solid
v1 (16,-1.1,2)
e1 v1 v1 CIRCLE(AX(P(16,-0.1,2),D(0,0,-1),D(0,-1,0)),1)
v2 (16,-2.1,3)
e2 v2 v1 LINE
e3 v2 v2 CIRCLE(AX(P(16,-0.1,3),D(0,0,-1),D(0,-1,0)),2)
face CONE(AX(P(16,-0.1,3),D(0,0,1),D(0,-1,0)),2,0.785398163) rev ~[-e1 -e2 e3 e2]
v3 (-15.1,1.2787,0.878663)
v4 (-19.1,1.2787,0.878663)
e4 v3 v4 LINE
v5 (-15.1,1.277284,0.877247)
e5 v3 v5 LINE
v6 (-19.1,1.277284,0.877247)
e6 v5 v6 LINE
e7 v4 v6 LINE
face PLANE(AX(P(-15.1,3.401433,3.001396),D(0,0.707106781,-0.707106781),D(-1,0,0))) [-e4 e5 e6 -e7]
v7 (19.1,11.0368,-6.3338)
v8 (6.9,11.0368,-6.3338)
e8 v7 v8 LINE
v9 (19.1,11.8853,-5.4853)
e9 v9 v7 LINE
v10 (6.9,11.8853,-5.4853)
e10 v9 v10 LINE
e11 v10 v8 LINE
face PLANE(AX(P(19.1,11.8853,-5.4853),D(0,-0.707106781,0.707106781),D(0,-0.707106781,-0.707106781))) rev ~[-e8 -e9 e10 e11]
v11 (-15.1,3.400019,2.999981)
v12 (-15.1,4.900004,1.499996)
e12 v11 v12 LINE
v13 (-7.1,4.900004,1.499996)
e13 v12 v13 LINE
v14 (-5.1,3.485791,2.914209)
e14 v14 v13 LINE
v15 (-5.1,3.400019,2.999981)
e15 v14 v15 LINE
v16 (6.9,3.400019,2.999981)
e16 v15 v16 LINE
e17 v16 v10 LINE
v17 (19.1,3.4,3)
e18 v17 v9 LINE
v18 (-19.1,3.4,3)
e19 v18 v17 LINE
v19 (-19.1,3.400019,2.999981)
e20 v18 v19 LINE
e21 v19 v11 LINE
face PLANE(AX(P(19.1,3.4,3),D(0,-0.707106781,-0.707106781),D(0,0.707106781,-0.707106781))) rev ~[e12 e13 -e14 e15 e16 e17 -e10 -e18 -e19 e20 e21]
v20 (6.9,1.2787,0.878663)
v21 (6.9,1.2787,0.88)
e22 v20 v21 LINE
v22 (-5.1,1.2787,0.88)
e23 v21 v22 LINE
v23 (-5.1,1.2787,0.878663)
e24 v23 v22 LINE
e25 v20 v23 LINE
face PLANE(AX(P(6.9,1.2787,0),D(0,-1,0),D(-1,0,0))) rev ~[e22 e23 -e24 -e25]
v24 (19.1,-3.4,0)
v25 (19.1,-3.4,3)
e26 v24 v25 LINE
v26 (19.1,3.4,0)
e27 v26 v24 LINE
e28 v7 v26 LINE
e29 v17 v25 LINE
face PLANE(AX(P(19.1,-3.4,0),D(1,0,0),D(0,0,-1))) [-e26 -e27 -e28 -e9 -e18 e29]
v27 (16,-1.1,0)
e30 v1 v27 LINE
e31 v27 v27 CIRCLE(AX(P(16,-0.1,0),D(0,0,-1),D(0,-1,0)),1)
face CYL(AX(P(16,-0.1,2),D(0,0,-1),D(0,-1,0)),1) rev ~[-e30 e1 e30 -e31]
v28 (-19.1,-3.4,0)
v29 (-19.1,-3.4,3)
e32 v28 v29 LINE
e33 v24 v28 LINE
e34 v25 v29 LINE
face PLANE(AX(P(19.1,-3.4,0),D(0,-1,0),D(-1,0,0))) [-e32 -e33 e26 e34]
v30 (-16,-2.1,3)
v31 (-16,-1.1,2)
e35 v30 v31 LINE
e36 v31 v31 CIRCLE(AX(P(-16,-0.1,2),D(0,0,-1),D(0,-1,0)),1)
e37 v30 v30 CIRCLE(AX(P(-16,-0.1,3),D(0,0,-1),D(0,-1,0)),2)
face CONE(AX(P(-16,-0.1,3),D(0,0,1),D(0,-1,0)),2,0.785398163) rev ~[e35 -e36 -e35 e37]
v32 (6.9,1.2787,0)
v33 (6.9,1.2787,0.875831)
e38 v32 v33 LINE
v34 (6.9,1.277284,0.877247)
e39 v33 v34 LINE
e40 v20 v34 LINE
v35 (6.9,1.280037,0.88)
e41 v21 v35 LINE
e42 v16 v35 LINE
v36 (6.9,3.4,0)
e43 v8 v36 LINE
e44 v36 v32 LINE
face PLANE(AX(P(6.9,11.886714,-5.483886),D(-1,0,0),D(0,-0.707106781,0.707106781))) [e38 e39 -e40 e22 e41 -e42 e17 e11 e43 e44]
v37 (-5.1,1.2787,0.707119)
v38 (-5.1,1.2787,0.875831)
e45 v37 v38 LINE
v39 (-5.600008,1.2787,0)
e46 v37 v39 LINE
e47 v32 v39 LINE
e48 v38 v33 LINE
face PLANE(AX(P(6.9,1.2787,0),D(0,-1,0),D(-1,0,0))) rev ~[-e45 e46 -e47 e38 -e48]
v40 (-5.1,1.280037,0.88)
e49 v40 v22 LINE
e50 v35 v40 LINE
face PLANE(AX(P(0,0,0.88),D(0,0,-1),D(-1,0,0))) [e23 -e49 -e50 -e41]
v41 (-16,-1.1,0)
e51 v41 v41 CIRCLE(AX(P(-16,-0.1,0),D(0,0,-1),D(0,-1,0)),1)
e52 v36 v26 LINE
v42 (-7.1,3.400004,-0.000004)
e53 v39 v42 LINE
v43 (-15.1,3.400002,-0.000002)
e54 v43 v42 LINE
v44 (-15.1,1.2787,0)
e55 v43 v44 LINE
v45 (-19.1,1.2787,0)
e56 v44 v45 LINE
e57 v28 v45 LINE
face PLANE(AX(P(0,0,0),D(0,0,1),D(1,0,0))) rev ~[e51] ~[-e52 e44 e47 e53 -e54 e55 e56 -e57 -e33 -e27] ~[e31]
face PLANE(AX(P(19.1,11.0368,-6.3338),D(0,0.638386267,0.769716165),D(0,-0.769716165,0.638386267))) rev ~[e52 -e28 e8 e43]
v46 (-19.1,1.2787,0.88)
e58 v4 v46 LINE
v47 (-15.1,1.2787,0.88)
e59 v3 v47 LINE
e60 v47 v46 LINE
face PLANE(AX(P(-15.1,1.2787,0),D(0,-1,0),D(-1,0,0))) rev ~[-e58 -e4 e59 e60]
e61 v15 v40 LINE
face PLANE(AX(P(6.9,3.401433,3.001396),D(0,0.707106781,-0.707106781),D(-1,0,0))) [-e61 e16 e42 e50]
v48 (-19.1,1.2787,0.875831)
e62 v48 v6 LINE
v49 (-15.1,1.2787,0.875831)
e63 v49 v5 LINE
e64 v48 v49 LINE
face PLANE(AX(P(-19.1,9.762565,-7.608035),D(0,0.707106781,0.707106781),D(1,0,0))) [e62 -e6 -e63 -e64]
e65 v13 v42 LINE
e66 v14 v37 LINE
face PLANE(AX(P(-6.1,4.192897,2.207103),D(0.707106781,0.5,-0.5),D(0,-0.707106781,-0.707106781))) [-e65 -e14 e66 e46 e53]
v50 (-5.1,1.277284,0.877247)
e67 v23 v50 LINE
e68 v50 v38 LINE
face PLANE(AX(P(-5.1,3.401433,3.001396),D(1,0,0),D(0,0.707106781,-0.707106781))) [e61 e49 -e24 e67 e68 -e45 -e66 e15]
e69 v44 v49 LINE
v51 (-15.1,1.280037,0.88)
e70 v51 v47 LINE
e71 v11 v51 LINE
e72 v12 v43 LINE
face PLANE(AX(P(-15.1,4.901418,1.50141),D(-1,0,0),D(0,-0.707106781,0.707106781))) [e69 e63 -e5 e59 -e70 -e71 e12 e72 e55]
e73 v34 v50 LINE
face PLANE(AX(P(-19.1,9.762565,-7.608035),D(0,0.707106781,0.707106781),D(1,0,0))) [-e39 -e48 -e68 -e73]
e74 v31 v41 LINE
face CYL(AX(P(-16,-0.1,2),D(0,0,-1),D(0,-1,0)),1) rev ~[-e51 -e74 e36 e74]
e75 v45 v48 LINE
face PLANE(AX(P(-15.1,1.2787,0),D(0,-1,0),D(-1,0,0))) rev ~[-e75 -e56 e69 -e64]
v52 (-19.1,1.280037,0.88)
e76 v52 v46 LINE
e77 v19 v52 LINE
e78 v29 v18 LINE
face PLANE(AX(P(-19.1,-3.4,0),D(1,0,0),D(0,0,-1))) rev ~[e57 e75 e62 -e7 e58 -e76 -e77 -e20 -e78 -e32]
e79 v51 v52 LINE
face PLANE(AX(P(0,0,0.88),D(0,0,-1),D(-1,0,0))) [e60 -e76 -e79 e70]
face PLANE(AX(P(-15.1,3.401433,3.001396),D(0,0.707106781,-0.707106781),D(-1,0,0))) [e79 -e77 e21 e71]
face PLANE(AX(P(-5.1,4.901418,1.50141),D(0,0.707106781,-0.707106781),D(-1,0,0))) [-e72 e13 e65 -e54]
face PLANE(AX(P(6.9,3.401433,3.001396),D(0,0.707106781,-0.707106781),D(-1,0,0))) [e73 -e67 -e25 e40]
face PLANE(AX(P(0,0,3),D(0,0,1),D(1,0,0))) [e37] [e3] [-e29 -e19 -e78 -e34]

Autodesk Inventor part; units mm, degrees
ref_plane "YZ Plane" through (0, 0, 0) normal (1, 0, 0) x (0, 1, 0)
ref_plane "XZ Plane" through (0, 0, 0) normal (0, 1, 0) x (-1, 0, 0)
ref_plane "XY Plane" through (0, 0, 0) normal (0, 0, 1) x (1, 0, 0)
sketch "Sketch1" plane through (0, 0, 0) normal (0, 0, 1) x (1, 0, 0)
  line L0 (-19.1, 3.4) -> (19.1, 3.4)
  line L1 (19.1, 3.4) -> (19.1, -3.4)
  line L2 (19.1, -3.4) -> (-19.1, -3.4)
  line L3 (-19.1, -3.4) -> (-19.1, 3.4)
  point P0 (0, 0)
  dimension "d0" = 38.2
  dimension "d1" = 6.8
  dimension "d2" = 19.1
  dimension "d3" = 3.4
extrude "Extrusion1" add sketch "Sketch1" along normal blind 3
sketch "Sketch2" plane through (0, 0, 3) normal (0, 0, 1) x (1, 0, 0)
  line L0 (19.1, 3.4) -> (-19.1, 3.4) projected
  line L1 (-19.1, 3.4) -> (-19.1, -3.4) projected
  line L2 (19.1, -3.4) -> (19.1, 3.4) projected
  point P0 (0, 0)
  point P1 (-16, -0.1)
  point P2 (16, -0.1)
  point P3 (-16, -0.1)
  dimension "d6" = 3.5
  dimension "d7" = 3.5
  dimension "d8" = 32
  dimension "d9" = 3.1
  dimension "d10" = 3.1
hole "Hole1" at (-16, -0.1, 3) at (16, -0.1, 3) direction (0, 0, -1) diameter 2 depth 4 tip angle 118 countersink diameter 4 countersink angle 90
sketch "Sketch3" plane through (19.1, -3.4, 0) normal (1, 0, 0) x (0, 0, -1)
  line L0 (-3, 6.8) -> (-3, 0) projected
  line L1 (-3, 6.8) -> (5.4853, 15.2853)
  line L2 (-3, 6.8) -> (9, 6.8) construction
  line L3 (5.4853, 15.2853) -> (6.3338, 14.4368)
  line L4 (0, 0) -> (0, 6.8) projected
  line L5 (6.3338, 14.4368) -> (0, 6.8)
  line L6 (0, 6.8) -> (-3, 6.8)
  point P0 (0, 3.4)
  dimension "d18" = 12
  dimension "d19" = 45
  dimension "d20" = 1.2
extrude "Extrusion2" add sketch "Sketch3" against normal blind 38.2
sketch "Sketch4" plane through (-19.1, 11.8853, -5.4853) normal (0, 0.7071, 0.7071) x (1, 0, 0)
  line L0 (0, -12) -> (0, 0) projected
  line L1 (38.2, -12) -> (0, -12) projected
  line L2 (0, 0) -> (4, 0)
  line L3 (4, 0) -> (4, -12)
  line L4 (4, -12) -> (0, -12)
  line L5 (0, -12) -> (0, 0)
  line L6 (38.2, 0) -> (0, 0) projected
  line L7 (38.2, -9.8787) -> (0, -9.8787) projected
  line L8 (4, 0) -> (14, 0)
  line L9 (14, 0) -> (14, -9.8787)
  line L10 (14, -9.8787) -> (4, -9.8787)
  line L11 (4, -9.8787) -> (4, 0)
  line L12 (14, 0) -> (26, 0)
  line L13 (26, 0) -> (26, -12)
  line L14 (26, -12) -> (14, -12)
  line L15 (14, -12) -> (14, 0)
  point P0 (19.1, -12.2828)
  point P1 (4, -9.8787)
  point P2 (14, -9.8787)
  dimension "d23" = 4
  dimension "d24" = 4
  dimension "d25" = 14
  dimension "d26" = 26
extrude "Extrusion3" cut sketch "Sketch4" against normal blind 3 contours L0 L7 L3 L1 | L0 L2 L3 L7 | L3 L6 L9 L7 | L15 L7 L13 L1 | L9 L6 L13 L7
sketch "Sketch5" plane through (0, 0, 0) normal (0, 0, -1) x (-1, 0, 0)
  line L0 (5.1, 2.1574) -> (-6.9, 2.1574) projected
  line L1 (-6.9, 1.2787) -> (5.1, 1.2787) projected
  line L2 (-6.9, 2.1574) -> (5.1, 2.1574)
  line L3 (5.1, 2.1574) -> (5.1, 1.2787)
  line L4 (5.1, 1.2787) -> (-6.9, 1.2787)
  line L5 (-6.9, 1.2787) -> (-6.9, 2.1574)
  line L6 (15.1, 2.1574) -> (15.1, 1.2787) projected
  line L7 (15.1, 1.2787) -> (19.1, 1.2787) projected
  line L8 (15.1, 2.1574) -> (19.1, 2.1574)
  line L9 (19.1, 2.1574) -> (19.1, 1.2787)
  line L10 (19.1, 1.2787) -> (15.1, 1.2787)
  line L11 (15.1, 1.2787) -> (15.1, 2.1574)
  point P0 (0, 0)
extrude "Extrusion4" cut sketch "Sketch5" against normal blind 0.88
chamfer "Chamfer1" distance 2 angle 45 1 edges at (-5.1, 4.15, 0.75)
properties part number "display_mount"
